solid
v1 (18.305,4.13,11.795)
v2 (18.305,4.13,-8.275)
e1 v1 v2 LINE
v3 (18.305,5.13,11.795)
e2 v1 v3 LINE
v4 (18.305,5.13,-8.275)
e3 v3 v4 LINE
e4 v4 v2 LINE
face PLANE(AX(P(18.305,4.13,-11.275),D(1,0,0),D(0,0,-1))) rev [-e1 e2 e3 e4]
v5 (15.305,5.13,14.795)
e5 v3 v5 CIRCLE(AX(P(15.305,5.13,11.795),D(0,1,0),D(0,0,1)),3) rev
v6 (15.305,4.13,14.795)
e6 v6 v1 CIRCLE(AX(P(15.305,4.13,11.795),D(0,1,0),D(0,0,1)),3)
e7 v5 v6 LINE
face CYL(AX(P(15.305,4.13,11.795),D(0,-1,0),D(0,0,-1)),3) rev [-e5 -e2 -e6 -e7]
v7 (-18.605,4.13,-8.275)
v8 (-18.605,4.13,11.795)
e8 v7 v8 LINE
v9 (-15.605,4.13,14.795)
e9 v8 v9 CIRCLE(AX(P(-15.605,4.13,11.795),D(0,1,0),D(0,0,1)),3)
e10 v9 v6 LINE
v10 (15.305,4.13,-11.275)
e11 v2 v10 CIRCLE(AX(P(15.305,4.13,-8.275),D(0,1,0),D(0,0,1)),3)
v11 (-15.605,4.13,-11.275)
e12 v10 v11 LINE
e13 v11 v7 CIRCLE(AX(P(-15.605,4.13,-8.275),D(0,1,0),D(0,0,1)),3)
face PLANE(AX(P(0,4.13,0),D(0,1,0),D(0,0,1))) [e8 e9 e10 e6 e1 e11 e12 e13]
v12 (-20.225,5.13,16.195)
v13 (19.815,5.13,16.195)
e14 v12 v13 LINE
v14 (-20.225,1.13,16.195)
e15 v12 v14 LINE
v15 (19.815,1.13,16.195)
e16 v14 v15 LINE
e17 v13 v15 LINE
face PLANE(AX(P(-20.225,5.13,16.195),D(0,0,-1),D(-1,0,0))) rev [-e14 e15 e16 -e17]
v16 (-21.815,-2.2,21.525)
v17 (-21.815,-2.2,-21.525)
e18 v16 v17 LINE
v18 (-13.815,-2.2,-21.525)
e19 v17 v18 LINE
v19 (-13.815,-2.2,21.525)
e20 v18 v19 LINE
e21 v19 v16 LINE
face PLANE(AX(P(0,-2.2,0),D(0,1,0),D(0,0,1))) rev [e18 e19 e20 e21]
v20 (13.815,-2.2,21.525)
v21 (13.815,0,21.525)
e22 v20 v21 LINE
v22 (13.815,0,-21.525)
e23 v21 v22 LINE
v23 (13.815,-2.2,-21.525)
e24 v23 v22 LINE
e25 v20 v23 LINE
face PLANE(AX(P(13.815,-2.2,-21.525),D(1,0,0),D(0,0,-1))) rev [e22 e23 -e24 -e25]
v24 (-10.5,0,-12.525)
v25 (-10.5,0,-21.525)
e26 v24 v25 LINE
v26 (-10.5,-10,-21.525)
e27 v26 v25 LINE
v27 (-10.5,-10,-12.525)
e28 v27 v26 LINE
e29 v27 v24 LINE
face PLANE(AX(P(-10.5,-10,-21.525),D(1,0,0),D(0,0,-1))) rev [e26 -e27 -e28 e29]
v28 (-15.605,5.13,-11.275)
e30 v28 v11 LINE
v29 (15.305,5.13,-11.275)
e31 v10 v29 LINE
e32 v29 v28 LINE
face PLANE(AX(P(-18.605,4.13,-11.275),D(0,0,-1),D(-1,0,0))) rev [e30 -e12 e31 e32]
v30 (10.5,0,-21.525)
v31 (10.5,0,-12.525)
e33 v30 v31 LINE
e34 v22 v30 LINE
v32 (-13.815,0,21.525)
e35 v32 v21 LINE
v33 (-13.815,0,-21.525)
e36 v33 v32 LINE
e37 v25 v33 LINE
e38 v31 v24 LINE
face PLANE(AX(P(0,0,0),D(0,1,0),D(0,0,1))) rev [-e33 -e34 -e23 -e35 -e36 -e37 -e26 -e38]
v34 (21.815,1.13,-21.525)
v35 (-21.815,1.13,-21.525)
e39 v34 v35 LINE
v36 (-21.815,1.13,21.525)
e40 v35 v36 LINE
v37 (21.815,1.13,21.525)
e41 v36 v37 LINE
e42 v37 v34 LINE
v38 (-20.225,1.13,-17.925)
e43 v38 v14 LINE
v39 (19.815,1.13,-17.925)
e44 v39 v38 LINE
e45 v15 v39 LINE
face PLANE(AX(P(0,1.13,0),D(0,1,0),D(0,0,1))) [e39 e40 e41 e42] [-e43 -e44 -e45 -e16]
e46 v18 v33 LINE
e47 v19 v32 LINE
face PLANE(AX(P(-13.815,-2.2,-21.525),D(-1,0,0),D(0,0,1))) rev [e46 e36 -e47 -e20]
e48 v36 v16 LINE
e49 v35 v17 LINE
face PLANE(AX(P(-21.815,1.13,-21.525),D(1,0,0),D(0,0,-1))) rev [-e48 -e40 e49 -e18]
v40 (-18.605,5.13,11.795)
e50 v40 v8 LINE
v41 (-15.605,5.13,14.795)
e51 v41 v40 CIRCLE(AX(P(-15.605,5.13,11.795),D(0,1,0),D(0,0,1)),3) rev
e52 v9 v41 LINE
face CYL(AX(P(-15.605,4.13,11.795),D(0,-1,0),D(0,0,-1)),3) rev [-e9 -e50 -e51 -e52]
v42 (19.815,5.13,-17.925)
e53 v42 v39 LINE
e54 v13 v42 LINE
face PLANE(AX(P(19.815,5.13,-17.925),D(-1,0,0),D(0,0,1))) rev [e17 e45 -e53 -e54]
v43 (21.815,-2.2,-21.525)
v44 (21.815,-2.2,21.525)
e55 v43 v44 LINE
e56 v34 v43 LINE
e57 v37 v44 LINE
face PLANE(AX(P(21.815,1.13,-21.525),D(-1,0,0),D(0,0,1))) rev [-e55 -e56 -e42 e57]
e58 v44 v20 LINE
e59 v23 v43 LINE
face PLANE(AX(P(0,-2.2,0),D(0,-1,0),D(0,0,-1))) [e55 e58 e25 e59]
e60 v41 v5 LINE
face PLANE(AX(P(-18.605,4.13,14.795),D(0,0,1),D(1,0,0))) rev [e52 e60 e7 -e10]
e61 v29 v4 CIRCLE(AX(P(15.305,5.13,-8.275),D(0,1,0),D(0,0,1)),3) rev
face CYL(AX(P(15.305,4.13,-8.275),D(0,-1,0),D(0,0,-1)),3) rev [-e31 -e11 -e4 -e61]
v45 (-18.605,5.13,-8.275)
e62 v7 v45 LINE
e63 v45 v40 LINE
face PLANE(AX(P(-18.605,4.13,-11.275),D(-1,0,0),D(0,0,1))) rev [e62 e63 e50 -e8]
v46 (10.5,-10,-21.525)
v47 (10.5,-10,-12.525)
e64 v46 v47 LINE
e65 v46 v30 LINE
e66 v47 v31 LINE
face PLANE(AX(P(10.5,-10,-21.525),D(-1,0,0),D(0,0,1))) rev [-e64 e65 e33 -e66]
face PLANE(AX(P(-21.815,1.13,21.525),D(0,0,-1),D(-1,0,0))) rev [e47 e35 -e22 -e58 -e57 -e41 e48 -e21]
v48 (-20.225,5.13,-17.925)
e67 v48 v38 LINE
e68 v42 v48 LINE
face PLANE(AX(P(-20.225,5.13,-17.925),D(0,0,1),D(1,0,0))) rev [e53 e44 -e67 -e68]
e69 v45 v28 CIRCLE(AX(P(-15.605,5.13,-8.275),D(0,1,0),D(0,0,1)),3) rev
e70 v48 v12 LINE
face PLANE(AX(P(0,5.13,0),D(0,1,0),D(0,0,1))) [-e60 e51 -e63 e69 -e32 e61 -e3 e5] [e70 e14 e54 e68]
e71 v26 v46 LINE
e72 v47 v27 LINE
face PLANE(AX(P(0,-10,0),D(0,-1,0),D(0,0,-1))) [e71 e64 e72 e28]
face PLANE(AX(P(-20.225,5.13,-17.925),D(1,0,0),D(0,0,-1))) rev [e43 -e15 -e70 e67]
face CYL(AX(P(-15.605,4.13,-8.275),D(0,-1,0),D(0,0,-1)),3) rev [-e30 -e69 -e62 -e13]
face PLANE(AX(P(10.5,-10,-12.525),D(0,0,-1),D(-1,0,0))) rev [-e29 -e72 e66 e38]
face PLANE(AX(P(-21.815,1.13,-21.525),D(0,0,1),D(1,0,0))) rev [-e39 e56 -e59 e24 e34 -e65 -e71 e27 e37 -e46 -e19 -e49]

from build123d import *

# Parameters (mm, degrees)
SKETCH1_W           = 43.63
SKETCH1_H           = 43.05
BOSS_EXTRUDE1_DEPTH = 1.13
SKETCH2_W           = 40.04
SKETCH2_H           = 34.12
BOSS_EXTRUDE2_DEPTH = 4
SKETCH4_W           = 36.91
SKETCH4_H           = 26.07
CUT_EXTRUDE1_DEPTH  = 1
FILLET1_R           = 3
SKETCH5_W           = 21
SKETCH5_H           = 9
BOSS_EXTRUDE3_DEPTH = 10
SKETCH6_W           = 8
SKETCH6_H           = 43.05
BOSS_EXTRUDE4_DEPTH = 2.2


with BuildPart() as part:
    # Sketch1 → Boss-Extrude1 (new body)
    with BuildSketch(Plane(origin=(0, 0, 0), x_dir=(1, 0, 0), z_dir=(0, 1, 0))):
        Rectangle(SKETCH1_W, SKETCH1_H)
    extrude(amount=BOSS_EXTRUDE1_DEPTH)

    # Sketch2 → Boss-Extrude2 (add)
    with BuildSketch(Plane(origin=(0, 1.13, 0), x_dir=(1, 0, 0), z_dir=(0, 1, 0))):
        with Locations((-0.205, 0.865)):
            Rectangle(SKETCH2_W, SKETCH2_H)
    extrude(amount=BOSS_EXTRUDE2_DEPTH)

    # Sketch4 → Cut-Extrude1 (cut)
    with BuildSketch(Plane(origin=(0, 5.13, 0), x_dir=(1, 0, 0), z_dir=(0, 1, 0))):
        with Locations((-0.15, -1.76)):
            Rectangle(SKETCH4_W, SKETCH4_H)
    extrude(amount=-CUT_EXTRUDE1_DEPTH, mode=Mode.SUBTRACT)

    # Fillet1
    fillet1_edges = [part.edges().sort_by_distance(p)[0] for p in [
        (-18.605, 4.63, 14.795),
        (-18.605, 4.63, -11.275),
        (18.305, 4.63, -11.275),
        (18.305, 4.63, 14.795),
    ]]
    fillet(fillet1_edges, radius=FILLET1_R)

    # Sketch5 → Boss-Extrude3 (add)
    with BuildSketch(Plane.XZ):
        with Locations((0, -17.025)):
            Rectangle(SKETCH5_W, SKETCH5_H)
    extrude(amount=BOSS_EXTRUDE3_DEPTH)

    # Sketch6 → Boss-Extrude4 (add)
    with BuildSketch(Plane.XZ):
        with Locations((17.815, 0)):
            Rectangle(SKETCH6_W, SKETCH6_H)
        with Locations((-17.815, 0)):
            Rectangle(SKETCH6_W, SKETCH6_H)
    extrude(amount=BOSS_EXTRUDE4_DEPTH)


solid = part.part
